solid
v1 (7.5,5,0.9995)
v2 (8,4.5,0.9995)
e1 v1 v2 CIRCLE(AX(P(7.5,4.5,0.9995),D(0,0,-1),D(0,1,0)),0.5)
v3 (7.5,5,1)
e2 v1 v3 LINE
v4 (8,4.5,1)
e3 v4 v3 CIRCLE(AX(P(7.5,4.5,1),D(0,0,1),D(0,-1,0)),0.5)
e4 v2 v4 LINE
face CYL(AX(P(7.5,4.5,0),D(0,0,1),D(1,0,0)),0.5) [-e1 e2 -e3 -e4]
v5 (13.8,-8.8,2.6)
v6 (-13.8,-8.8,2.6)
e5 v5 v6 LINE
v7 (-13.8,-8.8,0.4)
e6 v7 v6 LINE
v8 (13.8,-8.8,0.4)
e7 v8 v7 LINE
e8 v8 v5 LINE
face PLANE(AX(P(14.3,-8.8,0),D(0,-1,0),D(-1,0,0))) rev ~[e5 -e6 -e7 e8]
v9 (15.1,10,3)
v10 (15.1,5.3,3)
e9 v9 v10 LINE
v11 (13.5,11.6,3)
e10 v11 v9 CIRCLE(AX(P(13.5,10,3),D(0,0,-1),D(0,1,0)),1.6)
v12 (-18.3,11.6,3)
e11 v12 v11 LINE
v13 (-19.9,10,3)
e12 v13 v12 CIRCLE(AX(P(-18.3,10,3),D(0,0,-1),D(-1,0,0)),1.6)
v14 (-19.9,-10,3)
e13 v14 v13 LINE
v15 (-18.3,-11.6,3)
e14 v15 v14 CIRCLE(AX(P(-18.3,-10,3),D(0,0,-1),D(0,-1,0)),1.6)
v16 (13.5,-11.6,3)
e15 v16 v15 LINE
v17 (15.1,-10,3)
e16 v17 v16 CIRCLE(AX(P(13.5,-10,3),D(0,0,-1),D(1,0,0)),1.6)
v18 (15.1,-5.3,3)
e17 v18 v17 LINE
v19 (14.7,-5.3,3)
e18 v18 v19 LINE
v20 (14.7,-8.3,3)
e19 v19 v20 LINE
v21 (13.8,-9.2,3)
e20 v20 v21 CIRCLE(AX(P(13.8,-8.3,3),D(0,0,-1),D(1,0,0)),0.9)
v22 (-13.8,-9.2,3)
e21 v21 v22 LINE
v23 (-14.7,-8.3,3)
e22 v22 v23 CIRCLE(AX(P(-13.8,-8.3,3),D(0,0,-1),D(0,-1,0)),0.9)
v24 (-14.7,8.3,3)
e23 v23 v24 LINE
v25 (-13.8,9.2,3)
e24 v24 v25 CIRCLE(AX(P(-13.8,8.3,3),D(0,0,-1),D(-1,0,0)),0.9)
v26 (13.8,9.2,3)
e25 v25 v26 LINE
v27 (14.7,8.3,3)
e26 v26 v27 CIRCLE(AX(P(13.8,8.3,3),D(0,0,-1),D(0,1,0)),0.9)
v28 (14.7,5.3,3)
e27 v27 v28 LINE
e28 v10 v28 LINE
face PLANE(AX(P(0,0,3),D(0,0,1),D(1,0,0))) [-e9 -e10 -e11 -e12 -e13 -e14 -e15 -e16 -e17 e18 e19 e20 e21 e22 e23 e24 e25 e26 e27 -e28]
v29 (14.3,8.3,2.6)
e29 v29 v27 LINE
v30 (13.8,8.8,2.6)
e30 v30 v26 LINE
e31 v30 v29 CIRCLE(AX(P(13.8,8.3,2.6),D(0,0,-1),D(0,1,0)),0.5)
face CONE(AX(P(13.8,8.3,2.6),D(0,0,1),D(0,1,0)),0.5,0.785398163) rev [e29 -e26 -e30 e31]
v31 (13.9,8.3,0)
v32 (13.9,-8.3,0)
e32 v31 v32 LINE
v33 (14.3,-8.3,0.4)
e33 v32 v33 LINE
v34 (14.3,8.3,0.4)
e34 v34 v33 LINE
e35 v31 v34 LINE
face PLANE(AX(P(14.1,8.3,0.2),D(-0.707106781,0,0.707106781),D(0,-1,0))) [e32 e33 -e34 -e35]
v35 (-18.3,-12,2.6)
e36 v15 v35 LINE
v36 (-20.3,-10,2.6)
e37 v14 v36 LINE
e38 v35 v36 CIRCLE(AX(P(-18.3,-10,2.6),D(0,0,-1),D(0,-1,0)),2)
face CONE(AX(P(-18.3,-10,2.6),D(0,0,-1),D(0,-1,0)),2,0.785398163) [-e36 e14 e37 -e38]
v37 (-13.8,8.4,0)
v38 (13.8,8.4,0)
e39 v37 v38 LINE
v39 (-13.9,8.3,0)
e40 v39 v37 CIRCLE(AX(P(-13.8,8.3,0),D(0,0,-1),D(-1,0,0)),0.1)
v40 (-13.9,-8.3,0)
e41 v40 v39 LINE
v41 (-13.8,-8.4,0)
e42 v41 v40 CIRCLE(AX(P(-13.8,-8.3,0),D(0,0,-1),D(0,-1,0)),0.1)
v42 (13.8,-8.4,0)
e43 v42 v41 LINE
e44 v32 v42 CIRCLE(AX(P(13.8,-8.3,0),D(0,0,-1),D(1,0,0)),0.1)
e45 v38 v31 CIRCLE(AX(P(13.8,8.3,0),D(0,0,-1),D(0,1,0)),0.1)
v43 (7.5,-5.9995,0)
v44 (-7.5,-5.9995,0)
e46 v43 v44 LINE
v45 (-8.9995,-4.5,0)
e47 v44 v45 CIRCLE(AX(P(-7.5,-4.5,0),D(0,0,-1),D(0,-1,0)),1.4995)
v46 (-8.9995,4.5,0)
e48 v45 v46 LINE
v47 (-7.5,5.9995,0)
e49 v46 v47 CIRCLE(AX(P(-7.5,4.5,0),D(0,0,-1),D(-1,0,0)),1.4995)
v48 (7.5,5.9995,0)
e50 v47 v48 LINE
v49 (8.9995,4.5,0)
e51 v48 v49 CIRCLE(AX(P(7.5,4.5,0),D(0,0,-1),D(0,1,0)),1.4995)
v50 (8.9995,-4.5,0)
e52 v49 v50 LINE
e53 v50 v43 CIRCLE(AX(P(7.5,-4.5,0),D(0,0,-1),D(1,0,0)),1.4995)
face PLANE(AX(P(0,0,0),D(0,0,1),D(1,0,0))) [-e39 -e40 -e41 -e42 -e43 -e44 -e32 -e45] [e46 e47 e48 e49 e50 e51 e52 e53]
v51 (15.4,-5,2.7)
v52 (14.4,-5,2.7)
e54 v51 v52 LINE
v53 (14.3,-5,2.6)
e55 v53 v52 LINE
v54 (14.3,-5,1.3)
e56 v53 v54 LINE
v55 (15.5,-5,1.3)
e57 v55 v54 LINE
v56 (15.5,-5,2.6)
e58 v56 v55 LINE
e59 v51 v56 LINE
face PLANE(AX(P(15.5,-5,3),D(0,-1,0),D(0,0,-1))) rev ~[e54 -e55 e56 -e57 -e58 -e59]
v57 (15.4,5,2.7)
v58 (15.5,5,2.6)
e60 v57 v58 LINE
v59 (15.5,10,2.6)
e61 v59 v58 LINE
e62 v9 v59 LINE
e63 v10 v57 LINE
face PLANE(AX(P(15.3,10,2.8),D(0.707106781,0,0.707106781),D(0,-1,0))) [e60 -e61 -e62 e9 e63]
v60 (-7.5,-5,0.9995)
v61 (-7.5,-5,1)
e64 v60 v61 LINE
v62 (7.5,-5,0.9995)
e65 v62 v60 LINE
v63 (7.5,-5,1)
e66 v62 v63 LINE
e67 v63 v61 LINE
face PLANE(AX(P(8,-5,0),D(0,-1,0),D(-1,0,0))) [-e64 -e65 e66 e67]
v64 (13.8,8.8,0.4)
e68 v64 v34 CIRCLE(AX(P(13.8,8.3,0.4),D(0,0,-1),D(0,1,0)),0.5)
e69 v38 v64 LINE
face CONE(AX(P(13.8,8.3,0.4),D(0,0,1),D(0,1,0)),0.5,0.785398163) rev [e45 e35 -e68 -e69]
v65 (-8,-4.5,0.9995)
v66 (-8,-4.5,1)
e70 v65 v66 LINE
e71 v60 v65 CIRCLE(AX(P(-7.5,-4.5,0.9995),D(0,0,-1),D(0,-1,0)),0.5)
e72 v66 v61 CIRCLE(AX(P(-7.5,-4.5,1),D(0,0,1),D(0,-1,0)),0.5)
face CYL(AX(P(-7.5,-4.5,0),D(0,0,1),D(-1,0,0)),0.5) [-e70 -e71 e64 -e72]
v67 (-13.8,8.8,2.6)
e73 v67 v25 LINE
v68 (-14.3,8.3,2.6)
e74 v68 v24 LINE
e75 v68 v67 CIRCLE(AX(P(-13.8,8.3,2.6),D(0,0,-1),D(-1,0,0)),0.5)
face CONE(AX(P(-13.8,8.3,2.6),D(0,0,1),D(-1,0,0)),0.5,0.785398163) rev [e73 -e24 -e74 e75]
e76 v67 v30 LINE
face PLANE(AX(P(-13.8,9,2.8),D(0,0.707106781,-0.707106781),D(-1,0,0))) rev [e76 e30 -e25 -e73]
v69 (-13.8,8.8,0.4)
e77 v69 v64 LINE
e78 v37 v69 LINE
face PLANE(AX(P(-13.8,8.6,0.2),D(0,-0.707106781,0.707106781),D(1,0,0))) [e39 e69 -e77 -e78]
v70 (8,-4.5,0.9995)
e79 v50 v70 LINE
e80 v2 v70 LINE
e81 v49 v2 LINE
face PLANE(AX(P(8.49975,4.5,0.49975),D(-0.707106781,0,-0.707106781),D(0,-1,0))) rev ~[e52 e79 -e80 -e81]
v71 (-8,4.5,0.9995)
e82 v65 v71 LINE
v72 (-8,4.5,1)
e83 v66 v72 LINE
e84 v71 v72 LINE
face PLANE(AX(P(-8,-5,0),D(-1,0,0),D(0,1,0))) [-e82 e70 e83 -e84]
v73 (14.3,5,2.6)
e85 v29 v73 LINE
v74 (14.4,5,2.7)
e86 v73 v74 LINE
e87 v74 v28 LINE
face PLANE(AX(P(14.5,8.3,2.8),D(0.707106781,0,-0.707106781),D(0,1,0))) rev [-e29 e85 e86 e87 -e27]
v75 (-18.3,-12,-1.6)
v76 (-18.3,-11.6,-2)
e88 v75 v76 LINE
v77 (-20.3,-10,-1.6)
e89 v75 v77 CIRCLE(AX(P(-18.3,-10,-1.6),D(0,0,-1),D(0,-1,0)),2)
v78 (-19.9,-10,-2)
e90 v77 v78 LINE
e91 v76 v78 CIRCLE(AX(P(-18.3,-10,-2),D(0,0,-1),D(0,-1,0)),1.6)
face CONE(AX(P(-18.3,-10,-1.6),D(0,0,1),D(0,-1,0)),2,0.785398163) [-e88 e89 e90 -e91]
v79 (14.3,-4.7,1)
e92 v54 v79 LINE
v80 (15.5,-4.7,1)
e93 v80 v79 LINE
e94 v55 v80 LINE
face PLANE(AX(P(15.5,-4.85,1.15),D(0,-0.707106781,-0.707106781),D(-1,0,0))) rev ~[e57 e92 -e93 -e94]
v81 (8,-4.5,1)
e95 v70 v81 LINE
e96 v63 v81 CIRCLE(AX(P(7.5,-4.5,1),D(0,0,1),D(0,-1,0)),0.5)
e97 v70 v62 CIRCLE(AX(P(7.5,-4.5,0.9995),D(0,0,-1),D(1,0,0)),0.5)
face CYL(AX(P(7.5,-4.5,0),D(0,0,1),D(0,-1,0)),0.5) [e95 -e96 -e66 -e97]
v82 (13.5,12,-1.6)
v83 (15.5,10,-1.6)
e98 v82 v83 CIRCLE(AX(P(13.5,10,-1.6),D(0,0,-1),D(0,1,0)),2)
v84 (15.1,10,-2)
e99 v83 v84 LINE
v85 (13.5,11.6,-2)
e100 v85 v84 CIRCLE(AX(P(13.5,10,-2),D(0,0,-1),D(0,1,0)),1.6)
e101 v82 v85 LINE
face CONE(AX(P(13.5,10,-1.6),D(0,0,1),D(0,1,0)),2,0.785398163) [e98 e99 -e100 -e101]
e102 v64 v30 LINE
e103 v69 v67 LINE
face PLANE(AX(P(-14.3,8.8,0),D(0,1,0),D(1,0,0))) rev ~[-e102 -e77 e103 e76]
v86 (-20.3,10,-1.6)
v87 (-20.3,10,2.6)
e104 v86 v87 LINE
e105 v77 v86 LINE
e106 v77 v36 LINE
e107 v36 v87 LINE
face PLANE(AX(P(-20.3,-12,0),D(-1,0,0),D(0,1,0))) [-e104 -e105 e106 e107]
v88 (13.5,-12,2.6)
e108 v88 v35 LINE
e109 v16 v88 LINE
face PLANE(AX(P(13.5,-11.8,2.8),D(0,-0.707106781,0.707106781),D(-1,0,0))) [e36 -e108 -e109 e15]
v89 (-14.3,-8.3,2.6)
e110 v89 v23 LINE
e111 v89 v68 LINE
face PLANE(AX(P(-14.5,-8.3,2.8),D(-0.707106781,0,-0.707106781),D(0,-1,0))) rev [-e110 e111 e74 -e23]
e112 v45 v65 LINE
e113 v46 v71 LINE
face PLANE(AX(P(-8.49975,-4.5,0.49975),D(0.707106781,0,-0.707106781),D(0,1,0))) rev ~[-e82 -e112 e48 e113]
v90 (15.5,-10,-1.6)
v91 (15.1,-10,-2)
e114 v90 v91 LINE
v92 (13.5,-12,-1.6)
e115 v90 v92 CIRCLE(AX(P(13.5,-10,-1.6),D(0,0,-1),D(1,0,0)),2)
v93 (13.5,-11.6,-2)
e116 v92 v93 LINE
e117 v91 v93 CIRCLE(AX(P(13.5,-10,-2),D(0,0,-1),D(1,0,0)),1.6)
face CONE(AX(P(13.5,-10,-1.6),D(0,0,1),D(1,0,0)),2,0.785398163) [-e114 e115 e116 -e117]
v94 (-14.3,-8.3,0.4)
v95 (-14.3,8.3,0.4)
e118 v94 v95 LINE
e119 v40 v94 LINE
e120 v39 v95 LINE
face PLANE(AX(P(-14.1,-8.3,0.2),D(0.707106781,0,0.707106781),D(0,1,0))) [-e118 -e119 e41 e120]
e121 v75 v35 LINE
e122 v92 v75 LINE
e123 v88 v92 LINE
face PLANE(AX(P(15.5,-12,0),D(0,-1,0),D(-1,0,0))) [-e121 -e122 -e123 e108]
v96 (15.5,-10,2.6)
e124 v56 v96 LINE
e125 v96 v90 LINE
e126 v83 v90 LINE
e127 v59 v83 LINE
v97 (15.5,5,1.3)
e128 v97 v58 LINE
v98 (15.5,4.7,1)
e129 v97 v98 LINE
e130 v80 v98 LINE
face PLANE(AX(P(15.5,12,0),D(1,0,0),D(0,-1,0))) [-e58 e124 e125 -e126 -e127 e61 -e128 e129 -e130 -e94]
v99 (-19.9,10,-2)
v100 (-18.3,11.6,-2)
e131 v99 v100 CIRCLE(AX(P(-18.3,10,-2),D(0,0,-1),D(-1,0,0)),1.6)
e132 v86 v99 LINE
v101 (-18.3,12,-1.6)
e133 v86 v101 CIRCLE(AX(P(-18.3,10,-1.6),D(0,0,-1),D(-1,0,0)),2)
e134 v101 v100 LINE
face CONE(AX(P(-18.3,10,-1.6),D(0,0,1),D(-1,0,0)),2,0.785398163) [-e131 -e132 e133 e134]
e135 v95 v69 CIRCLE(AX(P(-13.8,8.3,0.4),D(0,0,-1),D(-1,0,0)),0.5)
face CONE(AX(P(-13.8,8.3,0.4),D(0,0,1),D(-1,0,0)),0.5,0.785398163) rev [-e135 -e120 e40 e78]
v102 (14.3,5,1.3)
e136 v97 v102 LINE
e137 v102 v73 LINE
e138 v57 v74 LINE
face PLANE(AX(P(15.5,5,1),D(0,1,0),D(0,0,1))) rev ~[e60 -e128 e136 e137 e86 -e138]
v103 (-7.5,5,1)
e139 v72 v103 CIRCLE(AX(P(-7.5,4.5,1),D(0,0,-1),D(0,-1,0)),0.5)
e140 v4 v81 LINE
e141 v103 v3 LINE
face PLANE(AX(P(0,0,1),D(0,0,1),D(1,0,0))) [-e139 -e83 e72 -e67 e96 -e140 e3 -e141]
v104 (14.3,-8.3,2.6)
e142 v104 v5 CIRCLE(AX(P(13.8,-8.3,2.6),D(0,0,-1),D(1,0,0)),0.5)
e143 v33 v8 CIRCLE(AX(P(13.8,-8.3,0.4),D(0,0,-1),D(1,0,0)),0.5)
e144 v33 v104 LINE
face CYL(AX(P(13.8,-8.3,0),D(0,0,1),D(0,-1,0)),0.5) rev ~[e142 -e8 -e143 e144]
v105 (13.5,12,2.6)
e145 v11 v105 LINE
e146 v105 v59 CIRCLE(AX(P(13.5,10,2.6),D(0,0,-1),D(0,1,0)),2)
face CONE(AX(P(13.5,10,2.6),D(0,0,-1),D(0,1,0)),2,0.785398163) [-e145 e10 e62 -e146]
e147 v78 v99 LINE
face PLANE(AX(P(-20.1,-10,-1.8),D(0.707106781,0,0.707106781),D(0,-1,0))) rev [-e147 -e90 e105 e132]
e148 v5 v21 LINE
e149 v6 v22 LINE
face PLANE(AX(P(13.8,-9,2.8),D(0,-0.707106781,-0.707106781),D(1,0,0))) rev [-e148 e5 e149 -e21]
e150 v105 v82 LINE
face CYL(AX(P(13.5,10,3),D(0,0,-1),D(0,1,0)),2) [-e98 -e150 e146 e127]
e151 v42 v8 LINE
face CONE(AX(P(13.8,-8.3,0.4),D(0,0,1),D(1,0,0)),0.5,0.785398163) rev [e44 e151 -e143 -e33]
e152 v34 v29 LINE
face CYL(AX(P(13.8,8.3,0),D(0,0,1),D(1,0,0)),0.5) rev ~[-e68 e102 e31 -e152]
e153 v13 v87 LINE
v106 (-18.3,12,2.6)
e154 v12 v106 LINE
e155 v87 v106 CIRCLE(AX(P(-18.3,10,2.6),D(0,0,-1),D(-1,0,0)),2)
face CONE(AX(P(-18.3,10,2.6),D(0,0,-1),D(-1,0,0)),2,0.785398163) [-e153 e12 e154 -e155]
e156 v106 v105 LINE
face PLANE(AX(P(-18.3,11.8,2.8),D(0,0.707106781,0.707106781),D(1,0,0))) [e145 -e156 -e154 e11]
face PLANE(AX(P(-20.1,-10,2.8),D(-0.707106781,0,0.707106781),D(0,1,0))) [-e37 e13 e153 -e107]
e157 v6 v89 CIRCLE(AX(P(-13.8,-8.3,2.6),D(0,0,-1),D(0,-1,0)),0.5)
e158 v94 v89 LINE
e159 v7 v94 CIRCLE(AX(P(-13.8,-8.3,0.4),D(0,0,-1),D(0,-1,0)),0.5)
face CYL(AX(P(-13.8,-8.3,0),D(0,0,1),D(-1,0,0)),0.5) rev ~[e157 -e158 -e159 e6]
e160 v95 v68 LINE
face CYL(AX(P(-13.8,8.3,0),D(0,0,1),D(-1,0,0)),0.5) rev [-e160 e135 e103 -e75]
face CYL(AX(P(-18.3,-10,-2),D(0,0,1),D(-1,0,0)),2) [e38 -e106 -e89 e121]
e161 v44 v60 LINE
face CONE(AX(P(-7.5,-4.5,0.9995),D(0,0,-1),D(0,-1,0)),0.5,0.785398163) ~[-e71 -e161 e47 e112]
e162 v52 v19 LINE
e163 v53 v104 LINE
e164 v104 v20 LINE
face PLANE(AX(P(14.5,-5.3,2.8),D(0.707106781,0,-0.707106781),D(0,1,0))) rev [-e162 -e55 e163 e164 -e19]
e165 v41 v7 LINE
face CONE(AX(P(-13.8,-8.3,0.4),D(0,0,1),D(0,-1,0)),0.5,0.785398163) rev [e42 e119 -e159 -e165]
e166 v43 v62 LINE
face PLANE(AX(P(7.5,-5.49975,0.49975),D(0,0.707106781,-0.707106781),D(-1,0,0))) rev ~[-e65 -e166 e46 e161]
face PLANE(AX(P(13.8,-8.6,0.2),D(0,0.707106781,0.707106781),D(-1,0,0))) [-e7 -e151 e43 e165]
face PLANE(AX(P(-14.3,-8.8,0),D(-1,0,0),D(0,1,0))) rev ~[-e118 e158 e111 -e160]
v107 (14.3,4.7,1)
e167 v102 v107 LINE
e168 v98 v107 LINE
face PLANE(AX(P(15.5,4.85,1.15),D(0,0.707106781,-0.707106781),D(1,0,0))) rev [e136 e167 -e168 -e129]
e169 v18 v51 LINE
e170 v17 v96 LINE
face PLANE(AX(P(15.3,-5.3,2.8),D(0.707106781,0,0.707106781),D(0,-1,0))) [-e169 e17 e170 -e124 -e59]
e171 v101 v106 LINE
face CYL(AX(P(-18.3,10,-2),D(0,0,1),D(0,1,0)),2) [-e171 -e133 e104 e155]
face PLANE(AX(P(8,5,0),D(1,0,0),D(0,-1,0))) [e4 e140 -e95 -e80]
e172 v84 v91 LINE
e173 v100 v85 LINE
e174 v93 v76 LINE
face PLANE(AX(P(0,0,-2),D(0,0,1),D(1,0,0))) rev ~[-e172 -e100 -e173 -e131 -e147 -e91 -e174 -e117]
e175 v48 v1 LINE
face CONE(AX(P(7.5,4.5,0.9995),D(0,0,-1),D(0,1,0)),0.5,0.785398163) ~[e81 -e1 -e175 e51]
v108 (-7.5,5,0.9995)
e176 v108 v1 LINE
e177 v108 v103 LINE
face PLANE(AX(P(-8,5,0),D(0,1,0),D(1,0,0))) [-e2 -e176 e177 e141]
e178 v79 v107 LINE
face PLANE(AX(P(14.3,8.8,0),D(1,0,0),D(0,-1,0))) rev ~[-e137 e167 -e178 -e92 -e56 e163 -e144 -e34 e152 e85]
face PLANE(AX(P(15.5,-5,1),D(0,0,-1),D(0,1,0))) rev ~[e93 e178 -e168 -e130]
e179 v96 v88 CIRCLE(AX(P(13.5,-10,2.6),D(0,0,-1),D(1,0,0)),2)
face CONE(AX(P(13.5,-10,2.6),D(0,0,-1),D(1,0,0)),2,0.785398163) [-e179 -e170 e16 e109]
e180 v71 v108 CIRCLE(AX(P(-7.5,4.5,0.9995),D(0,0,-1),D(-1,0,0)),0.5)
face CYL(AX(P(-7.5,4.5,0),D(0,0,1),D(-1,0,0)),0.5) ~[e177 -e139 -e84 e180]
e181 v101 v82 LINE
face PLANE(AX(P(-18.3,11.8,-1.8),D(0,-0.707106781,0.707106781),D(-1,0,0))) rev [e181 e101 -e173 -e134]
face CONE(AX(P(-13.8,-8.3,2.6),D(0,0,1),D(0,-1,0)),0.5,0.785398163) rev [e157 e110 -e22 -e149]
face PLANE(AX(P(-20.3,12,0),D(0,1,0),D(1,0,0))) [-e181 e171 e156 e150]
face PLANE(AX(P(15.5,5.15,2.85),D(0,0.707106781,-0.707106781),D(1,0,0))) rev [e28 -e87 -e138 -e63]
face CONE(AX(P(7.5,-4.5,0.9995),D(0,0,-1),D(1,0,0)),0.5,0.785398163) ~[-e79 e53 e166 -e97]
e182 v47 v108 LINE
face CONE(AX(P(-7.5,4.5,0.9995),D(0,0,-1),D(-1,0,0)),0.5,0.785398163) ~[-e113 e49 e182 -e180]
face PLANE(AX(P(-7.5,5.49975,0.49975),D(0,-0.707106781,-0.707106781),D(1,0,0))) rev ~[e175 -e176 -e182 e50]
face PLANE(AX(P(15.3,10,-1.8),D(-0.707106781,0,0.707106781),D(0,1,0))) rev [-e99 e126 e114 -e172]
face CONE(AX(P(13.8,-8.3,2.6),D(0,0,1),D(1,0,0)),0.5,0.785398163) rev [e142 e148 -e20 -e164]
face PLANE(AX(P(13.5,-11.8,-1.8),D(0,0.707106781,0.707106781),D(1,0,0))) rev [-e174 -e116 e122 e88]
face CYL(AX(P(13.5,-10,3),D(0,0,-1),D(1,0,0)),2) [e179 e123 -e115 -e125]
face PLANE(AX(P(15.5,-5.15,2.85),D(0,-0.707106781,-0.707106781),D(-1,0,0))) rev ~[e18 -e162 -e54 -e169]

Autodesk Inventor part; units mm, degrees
ref_plane "YZ Plane" through (0, 0, 0) normal (1, 0, 0) x (0, 1, 0)
ref_plane "XZ Plane" through (0, 0, 0) normal (0, 1, 0) x (-1, 0, 0)
ref_plane "XY Plane" through (0, 0, 0) normal (0, 0, 1) x (1, 0, 0)
sketch "Sketch1" plane through (0, 0, 0) normal (0, 0, 1) x (1, 0, 0)
  line L0 (-20.3, 12) -> (15.5, 12)
  line L1 (15.5, 12) -> (15.5, -12)
  line L2 (15.5, -12) -> (-20.3, -12)
  line L3 (-20.3, -12) -> (-20.3, 12)
  line L4 (-14.3, 8.8) -> (14.3, 8.8)
  line L5 (14.3, 8.8) -> (14.3, -8.8)
  line L6 (14.3, -8.8) -> (-14.3, -8.8)
  line L7 (-14.3, -8.8) -> (-14.3, 8.8)
  line L8 (-8, 5) -> (8, 5)
  line L9 (8, 5) -> (8, -5)
  line L10 (8, -5) -> (-8, -5)
  line L11 (-8, -5) -> (-8, 5)
  point P0 (0, 0)
  point P1 (14.3, 0)
  point P2 (0, 8.8)
  point P3 (15.5, 0)
  point P4 (8, 0)
  point P5 (0, 5)
  dimension "d0" = 28.6
  dimension "d1" = 17.6
  dimension "d2" = 1.2
  dimension "d3" = 6
  dimension "d4" = 24
  dimension "d9" = 10
  dimension "d10" = 16
extrude "Extrusion1" add sketch "Sketch1" against normal blind 2 contours L0 L1 L2 L3 | L4 L5 L6 L7 | L8 L9 L10 L11
extrude "Extrusion2" add sketch "Sketch1" along normal blind 3 contours L0 L1 L2 L3
extrude "Extrusion3" add sketch "Sketch1" along normal blind 1 contours L8 L9 L10 L11
fillet "Fillet1" radius 2 4 edges at (-20.3, -12, 0.5) (-20.3, 12, 0.5) (15.5, 12, 0.5) (15.5, -12, 0.5)
fillet "Fillet2" radius 0.5 8 edges at (14.3, 8.8, 1.5) (14.3, -8.8, 1.5) (-14.3, 8.8, 1.5) (-14.3, -8.8, 1.5) (-8, 5, 0.5) (-8, -5, 0.5) (8, -5, 0.5) (8, 5, 0.5)
sketch "Sketch2" plane through (15.5, -10, -2) normal (1, 0, 0) x (0, 0, -1)
  line L0 (-5, 0) -> (-5, 20) projected
  line L1 (-5, 5) -> (-3, 5)
  line L2 (-3, 5) -> (-3, 15)
  line L3 (-3, 15) -> (-5, 15)
  line L4 (-5, 15) -> (-5, 5)
  point P0 (-2, 10)
  point P1 (-3, 10)
  dimension "d21" = 10
  dimension "d22" = 2
extrude "Extrusion4" cut sketch "Sketch2" against normal up to surface (1.2 mm away)
chamfer "Chamfer3" distance 0.3 angle 45 4 edges at (14.9, -5, 1) (14.9, -5, 3) (14.9, 5, 1) (14.9, 5, 3)
chamfer "Chamfer1" distance 1 angle 45 8 edges at (-8, 0, 0) (-7.8536, 4.8536, 0) (0, 5, 0) (7.8536, 4.8536, 0) (8, 0, 0) (7.8536, -4.8536, 0) (0, -5, 0) (-7.8536, -4.8536, 0)
chamfer "Chamfer2" distance 0.4 angle 45 34 edges at (0, 8.8, 0) (-14.1536, 8.6536, 0) (-14.3, 0, 0) (-14.1536, -8.6536, 0) (0, -8.8, 0) (14.1536, -8.6536, 0) (14.3, 0, 0) (14.1536, 8.6536, 0) (0, 8.8, 3) (14.1536, 8.6536, 3) (14.3, -6.8, 3) (14.3, 6.8, 3) (14.1536, -8.6536, 3) (0, -8.8, 3) (-14.1536, -8.6536, 3) (-14.3, 0, 3) (-14.1536, 8.6536, 3) (-2.4, 12, 3) (-19.7142, 11.4142, 3) (-20.3, 0, 3) (-19.7142, -11.4142, 3) (-2.4, -12, 3) (14.9142, -11.4142, 3) (15.5, -7.65, 3) (15.5, 7.65, 3) (14.9142, 11.4142, 3) (-20.3, 0, -2) (-19.7142, 11.4142, -2) (-2.4, 12, -2) (14.9142, 11.4142, -2) (15.5, 0, -2) (14.9142, -11.4142, -2) (-2.4, -12, -2) (-19.7142, -11.4142, -2)
properties part number "tp4056-pad" material "ABS Plastic"
